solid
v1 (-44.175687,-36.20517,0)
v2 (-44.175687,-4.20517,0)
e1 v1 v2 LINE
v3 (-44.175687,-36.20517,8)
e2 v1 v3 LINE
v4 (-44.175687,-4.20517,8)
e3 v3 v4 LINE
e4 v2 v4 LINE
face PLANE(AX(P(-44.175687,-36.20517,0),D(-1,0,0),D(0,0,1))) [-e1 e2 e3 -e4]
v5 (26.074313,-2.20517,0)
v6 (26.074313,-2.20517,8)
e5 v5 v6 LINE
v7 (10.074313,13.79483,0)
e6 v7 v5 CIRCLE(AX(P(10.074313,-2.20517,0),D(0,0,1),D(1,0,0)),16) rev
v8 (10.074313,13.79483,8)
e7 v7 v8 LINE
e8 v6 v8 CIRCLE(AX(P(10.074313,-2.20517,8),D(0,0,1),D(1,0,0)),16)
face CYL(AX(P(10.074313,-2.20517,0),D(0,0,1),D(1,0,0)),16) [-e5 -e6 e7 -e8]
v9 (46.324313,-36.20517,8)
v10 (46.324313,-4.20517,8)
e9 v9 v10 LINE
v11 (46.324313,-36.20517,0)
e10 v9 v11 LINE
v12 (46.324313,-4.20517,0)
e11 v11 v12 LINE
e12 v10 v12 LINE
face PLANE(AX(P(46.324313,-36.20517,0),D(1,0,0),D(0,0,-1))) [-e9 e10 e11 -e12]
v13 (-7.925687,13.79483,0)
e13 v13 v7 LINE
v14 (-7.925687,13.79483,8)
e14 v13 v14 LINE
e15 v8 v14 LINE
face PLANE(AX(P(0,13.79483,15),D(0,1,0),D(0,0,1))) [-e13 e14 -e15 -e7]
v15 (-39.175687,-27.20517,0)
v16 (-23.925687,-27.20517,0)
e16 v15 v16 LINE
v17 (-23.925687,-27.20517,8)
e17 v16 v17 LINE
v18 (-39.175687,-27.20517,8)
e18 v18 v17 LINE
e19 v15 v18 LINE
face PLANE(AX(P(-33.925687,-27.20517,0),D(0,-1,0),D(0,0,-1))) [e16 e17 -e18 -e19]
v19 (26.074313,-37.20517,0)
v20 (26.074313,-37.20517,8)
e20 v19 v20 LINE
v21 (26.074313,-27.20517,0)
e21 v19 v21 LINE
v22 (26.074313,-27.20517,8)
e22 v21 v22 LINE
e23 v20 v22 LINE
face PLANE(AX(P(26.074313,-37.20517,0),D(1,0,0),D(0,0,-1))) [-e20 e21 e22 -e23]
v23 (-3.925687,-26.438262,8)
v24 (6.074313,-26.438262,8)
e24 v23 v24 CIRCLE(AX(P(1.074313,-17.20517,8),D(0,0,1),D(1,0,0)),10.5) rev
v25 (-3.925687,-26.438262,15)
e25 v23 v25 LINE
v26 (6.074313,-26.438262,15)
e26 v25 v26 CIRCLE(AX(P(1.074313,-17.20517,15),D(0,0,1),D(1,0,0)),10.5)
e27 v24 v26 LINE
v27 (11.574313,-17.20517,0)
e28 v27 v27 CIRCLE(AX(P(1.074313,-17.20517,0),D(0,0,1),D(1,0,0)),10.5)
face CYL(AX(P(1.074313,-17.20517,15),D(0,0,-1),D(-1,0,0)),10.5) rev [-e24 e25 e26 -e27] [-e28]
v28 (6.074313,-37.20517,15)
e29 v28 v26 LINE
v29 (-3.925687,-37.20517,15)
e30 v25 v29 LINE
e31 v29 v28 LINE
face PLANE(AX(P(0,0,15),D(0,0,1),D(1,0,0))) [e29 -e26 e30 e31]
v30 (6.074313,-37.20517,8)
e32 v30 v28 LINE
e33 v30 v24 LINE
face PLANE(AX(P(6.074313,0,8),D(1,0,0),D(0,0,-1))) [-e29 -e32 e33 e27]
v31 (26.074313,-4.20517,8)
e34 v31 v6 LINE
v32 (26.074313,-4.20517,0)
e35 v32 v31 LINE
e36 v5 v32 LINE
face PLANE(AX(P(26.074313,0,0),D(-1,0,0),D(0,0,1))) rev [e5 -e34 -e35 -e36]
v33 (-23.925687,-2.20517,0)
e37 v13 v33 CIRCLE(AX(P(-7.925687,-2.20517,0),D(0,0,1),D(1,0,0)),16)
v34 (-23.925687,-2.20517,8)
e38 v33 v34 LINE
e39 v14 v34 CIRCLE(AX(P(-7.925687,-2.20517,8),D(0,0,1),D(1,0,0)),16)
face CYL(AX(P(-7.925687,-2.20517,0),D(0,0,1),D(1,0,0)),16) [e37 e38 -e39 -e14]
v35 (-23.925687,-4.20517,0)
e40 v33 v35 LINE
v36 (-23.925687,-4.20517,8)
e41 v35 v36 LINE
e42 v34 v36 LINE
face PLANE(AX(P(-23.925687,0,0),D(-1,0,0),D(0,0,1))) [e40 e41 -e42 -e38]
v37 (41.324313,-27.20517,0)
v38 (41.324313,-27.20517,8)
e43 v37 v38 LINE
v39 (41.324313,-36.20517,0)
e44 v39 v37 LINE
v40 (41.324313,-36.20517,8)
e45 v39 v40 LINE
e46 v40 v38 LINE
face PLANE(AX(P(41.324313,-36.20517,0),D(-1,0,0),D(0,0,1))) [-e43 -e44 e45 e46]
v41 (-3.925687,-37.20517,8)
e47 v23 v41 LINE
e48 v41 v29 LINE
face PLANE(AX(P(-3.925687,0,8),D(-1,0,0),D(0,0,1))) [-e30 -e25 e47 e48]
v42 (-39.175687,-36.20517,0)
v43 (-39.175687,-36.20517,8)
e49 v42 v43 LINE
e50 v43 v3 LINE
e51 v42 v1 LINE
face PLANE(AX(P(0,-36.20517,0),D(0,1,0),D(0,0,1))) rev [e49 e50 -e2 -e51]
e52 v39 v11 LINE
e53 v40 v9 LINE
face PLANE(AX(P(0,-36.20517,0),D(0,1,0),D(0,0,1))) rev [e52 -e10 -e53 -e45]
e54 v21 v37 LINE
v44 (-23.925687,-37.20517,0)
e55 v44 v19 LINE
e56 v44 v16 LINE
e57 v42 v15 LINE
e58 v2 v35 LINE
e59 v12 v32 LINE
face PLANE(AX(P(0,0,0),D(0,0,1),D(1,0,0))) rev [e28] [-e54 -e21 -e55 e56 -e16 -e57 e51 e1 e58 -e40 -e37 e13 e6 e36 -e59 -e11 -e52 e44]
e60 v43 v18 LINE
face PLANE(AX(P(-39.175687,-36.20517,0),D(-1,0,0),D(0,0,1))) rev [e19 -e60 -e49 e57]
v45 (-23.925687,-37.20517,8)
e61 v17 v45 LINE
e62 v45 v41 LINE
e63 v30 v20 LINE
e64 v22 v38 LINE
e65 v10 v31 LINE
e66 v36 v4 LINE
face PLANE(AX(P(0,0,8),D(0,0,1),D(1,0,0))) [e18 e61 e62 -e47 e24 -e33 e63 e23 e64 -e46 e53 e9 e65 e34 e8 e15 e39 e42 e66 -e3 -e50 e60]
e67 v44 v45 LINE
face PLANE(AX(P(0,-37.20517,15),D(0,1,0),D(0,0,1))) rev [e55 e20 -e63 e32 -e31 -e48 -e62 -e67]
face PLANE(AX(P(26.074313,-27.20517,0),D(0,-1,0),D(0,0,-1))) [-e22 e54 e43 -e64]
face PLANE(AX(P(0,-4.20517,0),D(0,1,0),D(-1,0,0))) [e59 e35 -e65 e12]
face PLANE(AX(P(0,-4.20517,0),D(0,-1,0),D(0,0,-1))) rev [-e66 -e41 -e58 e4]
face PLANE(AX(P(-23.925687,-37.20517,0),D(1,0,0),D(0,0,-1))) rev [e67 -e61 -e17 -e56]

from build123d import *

# Parameters (mm, degrees)
BOSS_EXTRUDE1_DEPTH = 15
SKETCH3_W           = 10
SKETCH3_H           = 10
CUT_EXTRUDE1_DEPTH  = 54.949798285
CUT_EXTRUDE2_DEPTH  = 7
SKETCH5_W           = 5.25
SKETCH5_H           = 8
BOSS_EXTRUDE2_DEPTH = 23
SKETCH5_3_W         = 5
SKETCH5_3_H         = 8
BOSS_EXTRUDE3_DEPTH = 32
SKETCH5_5_W         = 5
SKETCH5_5_H         = 8
BOSS_EXTRUDE4_DEPTH = 32
SKETCH5_6_W         = 5.25
SKETCH5_6_H         = 8
BOSS_EXTRUDE5_DEPTH = 23


with BuildPart() as part:
    # Sketch2 → Boss-Extrude1 (new body)
    with BuildSketch(Plane.XY):
        Polygon((36.074313409, 13.794830372), (-33.925686591, 13.794830372), (-33.925686591, -37.205169628), (1.074313409, -37.205169628), (36.074313409, -37.205169628), align=None)
        with BuildLine():
            ThreePointArc((11.574313409, -17.205169628), (8.498934611, -24.629790831), (1.074313409, -27.705169628))
            ThreePointArc((1.074313409, -27.705169628), (-6.350307794, -9.780548426), (11.574313409, -17.205169628))
        make_face(mode=Mode.SUBTRACT)
    extrude(amount=BOSS_EXTRUDE1_DEPTH)

    # Sketch3 → Cut-Extrude1 (cut, through all)
    with BuildSketch(Plane.XY.offset(15)):
        with Locations((31.074313409, -32.205169628)):
            Rectangle(SKETCH3_W, SKETCH3_H)
        with Locations((-28.925686591, -32.205169628)):
            Rectangle(SKETCH3_W, SKETCH3_H)
        with BuildLine():
            ThreePointArc((-23.925686591, -2.205169628), (-19.23939509, 9.108538871), (-7.925686591, 13.794830372))
            Line((-7.925686591, 13.794830372), (-33.925686591, 13.794830372))
            Line((-33.925686591, 13.794830372), (-33.925686591, -4.205169628))
            Line((-33.925686591, -4.205169628), (-23.925686591, -4.205169628))
            Line((-23.925686591, -4.205169628), (-23.925686591, -2.205169628))
        make_face()
        with BuildLine():
            Line((26.074313409, -4.205169628), (36.074313409, -4.205169628))
            Line((36.074313409, -4.205169628), (36.074313409, 13.794830372))
            Line((36.074313409, 13.794830372), (10.074313409, 13.794830372))
            ThreePointArc((10.074313409, 13.794830372), (21.388021908, 9.108538871), (26.074313409, -2.205169628))
            Line((26.074313409, -2.205169628), (26.074313409, -4.205169628))
        make_face()
    extrude(amount=-CUT_EXTRUDE1_DEPTH, mode=Mode.SUBTRACT)

    # Sketch4 → Cut-Extrude2 (cut)
    with BuildSketch(Plane.XY.offset(15)):
        with BuildLine():
            Line((-3.925686591, -37.205169628), (-3.925686591, -26.438262285))
            ThreePointArc((-3.925686591, -26.438262285), (-4.299232906, -8.184360352), (11.574313409, -17.205169628))
            ThreePointArc((11.574313409, -17.205169628), (10.095122685, -22.578715943), (6.074313409, -26.438262285))
            Line((6.074313409, -26.438262285), (6.074313409, -37.205169628))
            Line((6.074313409, -37.205169628), (26.074313409, -37.205169628))
            Line((26.074313409, -37.205169628), (26.074313409, -27.205169628))
            Line((26.074313409, -27.205169628), (36.074313409, -27.205169628))
            Line((36.074313409, -27.205169628), (36.074313409, -4.205169628))
            Line((36.074313409, -4.205169628), (26.074313409, -4.205169628))
            Line((26.074313409, -4.205169628), (26.074313409, -2.205169628))
            ThreePointArc((26.074313409, -2.205169628), (21.388021908, 9.108538871), (10.074313409, 13.794830372))
            Line((10.074313409, 13.794830372), (-7.925686591, 13.794830372))
            ThreePointArc((-7.925686591, 13.794830372), (-19.23939509, 9.108538871), (-23.925686591, -2.205169628))
            Line((-23.925686591, -2.205169628), (-23.925686591, -4.205169628))
            Line((-23.925686591, -4.205169628), (-33.925686591, -4.205169628))
            Line((-33.925686591, -4.205169628), (-33.925686591, -27.205169628))
            Line((-33.925686591, -27.205169628), (-23.925686591, -27.205169628))
            Line((-23.925686591, -27.205169628), (-23.925686591, -37.205169628))
            Line((-23.925686591, -37.205169628), (-3.925686591, -37.205169628))
        make_face()
    extrude(amount=-CUT_EXTRUDE2_DEPTH, mode=Mode.SUBTRACT)

    # Sketch5 → Boss-Extrude2 (add)
    with BuildSketch(Plane(origin=(0, -4.205169628, 0), x_dir=(1, 0, 0), z_dir=(0, 1, 0))):
        with Locations((-36.550686591, -4)):
            Rectangle(SKETCH5_W, SKETCH5_H)
    extrude(amount=-BOSS_EXTRUDE2_DEPTH)

    # Sketch5<3> → Boss-Extrude3 (add)
    with BuildSketch(Plane(origin=(0, -4.205169628, 0), x_dir=(1, 0, 0), z_dir=(0, 1, 0))):
        with Locations((-41.675686591, -4)):
            Rectangle(SKETCH5_3_W, SKETCH5_3_H)
    extrude(amount=-BOSS_EXTRUDE3_DEPTH)



with BuildPart() as body_2:
    # Sketch5<5> → Boss-Extrude4 (new body)
    with BuildSketch(Plane(origin=(0, -4.205169628, 0), x_dir=(1, 0, 0), z_dir=(0, 1, 0))):
        with Locations((43.824313409, -4)):
            Rectangle(SKETCH5_5_W, SKETCH5_5_H)
    extrude(amount=-BOSS_EXTRUDE4_DEPTH)


with BuildPart() as part_1:
    add(part.part)

    add(body_2.part)  # Boss-Extrude5 merges body 2
    # Sketch5<6> → Boss-Extrude5 (add)
    with BuildSketch(Plane(origin=(0, -4.205169628, 0), x_dir=(1, 0, 0), z_dir=(0, 1, 0))):
        with Locations((38.699313409, -4)):
            Rectangle(SKETCH5_6_W, SKETCH5_6_H)
    extrude(amount=-BOSS_EXTRUDE5_DEPTH)


solid = part_1.part
